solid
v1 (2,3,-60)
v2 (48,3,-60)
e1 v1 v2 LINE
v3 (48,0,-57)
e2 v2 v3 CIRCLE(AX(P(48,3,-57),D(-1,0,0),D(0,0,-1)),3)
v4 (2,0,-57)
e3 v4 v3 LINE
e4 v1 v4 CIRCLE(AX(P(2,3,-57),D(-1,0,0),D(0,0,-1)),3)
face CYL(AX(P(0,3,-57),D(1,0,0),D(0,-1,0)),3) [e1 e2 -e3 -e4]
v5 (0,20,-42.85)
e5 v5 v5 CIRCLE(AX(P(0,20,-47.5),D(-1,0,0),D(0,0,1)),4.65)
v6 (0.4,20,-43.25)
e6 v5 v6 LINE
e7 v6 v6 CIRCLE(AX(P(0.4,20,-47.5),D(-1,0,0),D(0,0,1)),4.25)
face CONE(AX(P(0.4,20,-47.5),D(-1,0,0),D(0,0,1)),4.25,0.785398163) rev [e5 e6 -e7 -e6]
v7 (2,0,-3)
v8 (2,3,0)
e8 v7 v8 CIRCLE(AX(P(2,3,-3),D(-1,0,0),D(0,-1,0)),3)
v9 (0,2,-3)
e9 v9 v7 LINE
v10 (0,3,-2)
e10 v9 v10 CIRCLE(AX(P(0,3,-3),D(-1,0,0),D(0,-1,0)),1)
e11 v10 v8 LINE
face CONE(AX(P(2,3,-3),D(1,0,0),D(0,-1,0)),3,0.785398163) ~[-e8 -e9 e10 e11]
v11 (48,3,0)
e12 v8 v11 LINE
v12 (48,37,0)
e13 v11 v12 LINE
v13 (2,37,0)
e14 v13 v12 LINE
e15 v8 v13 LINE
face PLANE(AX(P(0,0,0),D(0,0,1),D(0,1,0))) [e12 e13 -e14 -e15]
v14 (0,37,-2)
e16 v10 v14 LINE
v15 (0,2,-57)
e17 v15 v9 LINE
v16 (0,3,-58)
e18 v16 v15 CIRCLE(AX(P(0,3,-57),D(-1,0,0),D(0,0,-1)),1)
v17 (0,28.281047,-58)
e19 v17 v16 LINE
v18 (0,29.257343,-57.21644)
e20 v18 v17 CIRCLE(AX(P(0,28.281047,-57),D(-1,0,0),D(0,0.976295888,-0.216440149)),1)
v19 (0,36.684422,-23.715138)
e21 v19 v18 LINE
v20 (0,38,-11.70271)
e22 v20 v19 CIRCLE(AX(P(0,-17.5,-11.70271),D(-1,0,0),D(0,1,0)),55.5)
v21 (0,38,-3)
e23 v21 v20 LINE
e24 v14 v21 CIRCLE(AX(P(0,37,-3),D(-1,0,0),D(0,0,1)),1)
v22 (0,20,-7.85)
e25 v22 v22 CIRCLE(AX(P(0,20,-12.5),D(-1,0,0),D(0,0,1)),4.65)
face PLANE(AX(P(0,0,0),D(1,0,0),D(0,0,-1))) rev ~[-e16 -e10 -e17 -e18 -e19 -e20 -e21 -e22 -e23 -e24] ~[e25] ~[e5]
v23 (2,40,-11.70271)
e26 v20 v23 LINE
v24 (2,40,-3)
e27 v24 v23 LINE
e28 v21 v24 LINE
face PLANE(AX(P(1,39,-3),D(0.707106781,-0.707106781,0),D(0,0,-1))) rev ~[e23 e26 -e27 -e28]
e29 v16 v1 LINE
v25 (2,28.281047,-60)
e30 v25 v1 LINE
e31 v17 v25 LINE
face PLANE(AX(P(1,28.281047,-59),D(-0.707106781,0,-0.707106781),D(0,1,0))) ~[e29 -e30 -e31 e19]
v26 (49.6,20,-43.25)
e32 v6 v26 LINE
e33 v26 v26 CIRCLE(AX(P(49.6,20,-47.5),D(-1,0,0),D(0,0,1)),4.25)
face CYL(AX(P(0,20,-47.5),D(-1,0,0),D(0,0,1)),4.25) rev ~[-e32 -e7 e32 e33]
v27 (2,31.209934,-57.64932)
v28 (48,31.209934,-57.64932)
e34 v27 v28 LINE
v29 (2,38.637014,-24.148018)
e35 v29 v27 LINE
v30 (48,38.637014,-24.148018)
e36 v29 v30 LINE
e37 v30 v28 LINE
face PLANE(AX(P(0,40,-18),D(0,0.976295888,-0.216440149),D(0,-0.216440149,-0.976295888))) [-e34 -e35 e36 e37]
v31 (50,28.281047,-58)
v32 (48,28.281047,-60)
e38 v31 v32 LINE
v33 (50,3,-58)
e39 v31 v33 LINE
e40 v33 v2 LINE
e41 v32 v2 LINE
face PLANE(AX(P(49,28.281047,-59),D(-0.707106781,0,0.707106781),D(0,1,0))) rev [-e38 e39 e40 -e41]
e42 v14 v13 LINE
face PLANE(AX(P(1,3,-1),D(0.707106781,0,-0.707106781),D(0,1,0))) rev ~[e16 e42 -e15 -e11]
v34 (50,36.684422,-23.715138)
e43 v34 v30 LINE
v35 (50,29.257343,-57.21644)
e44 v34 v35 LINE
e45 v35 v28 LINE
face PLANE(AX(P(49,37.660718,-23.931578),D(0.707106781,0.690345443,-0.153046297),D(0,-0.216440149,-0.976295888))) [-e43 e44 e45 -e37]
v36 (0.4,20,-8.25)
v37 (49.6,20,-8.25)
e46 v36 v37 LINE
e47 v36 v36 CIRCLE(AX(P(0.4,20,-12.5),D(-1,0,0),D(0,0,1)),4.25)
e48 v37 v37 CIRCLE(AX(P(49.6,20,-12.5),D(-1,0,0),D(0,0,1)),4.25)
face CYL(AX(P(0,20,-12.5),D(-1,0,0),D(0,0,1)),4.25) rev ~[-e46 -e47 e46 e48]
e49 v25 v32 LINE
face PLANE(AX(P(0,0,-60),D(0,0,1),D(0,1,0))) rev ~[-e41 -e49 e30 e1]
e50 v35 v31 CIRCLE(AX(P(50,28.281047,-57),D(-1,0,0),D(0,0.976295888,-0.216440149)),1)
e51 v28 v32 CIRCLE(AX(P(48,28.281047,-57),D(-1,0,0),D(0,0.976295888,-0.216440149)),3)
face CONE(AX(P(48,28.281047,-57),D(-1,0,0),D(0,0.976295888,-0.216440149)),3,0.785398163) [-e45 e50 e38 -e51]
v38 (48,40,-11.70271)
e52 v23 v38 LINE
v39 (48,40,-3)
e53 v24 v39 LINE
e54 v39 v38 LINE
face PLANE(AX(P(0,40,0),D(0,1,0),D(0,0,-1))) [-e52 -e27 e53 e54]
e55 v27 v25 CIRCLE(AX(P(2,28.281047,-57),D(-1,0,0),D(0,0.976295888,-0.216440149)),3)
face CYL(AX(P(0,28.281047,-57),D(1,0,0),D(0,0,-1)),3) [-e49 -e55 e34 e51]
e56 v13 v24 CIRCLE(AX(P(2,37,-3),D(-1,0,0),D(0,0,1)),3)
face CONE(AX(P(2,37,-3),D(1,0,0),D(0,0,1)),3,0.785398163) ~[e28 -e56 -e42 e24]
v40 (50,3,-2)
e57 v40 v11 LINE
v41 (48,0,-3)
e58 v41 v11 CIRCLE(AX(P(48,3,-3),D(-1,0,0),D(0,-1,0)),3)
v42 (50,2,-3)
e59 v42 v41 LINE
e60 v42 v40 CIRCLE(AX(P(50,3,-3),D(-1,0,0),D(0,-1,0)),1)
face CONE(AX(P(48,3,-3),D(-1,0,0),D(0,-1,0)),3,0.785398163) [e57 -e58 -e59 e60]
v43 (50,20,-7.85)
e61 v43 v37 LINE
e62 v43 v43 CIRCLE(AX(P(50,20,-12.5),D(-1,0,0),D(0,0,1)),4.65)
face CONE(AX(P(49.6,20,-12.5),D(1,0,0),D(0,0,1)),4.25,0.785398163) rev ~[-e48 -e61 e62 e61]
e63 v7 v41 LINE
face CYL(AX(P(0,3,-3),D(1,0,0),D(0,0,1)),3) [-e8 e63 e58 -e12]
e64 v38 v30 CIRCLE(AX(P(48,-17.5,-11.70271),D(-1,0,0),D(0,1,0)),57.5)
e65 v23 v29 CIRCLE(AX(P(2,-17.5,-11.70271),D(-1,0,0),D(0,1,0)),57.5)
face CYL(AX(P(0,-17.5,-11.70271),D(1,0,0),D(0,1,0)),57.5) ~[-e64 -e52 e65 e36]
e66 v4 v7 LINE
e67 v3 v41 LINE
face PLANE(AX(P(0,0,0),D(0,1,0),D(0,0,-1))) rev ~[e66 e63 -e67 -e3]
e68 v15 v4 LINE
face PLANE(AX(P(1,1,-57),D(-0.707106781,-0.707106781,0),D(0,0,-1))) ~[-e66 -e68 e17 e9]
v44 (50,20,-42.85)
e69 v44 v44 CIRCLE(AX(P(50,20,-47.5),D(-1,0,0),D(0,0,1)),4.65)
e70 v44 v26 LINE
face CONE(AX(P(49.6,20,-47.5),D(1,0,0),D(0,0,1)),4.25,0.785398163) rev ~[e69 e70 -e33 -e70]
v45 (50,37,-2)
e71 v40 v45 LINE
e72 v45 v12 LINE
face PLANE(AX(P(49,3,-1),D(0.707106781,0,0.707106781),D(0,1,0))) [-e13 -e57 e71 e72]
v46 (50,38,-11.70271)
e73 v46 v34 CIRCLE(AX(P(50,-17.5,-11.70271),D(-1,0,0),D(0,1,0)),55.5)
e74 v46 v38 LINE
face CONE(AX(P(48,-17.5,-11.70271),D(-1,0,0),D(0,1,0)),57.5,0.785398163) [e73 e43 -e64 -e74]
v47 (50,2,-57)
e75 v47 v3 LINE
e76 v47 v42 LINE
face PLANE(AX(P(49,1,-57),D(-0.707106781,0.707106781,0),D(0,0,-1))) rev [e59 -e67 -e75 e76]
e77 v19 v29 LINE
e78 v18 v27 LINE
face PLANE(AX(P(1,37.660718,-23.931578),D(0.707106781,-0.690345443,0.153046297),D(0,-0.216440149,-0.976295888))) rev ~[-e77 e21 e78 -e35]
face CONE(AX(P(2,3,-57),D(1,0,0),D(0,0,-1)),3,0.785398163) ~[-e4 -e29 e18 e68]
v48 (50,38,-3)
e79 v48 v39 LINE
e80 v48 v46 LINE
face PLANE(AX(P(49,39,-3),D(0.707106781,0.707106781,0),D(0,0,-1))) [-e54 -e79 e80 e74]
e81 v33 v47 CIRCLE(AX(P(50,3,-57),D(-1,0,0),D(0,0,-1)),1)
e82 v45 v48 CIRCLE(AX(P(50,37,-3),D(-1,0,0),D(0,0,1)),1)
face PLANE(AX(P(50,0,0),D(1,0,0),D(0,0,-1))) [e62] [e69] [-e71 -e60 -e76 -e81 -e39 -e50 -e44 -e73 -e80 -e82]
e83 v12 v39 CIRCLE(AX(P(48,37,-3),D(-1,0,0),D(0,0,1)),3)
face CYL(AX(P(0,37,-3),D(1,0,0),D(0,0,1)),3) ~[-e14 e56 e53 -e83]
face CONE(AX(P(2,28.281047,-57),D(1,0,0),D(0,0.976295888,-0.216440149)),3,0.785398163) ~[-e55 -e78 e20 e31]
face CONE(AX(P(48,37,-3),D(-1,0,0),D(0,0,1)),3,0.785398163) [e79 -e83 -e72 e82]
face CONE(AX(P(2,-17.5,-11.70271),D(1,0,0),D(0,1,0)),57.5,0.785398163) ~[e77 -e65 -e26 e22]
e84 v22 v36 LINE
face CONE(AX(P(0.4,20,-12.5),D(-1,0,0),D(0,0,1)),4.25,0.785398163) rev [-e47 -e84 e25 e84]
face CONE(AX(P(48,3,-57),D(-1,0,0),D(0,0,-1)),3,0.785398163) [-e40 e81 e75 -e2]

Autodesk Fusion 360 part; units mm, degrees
sketch "Sketch1" plane through (0, 0, 0) normal (1, 0, 0) x (0, 0, -1)
  line L0 (0, 0) -> (0, 40)
  line L1 (0, 40) -> (18, 40)
  line L2 (18, 40) -> (60, 30.6888)
  line L3 (0, 0) -> (60, 0)
  line L4 (60, 0) -> (60, 30.6888)
  dimension "d1" = 40
  dimension "d2" = 18
  dimension "d3" = 12.5
  dimension "d4" = 60
extrude "Extrude1" add sketch "Sketch1" along normal blind 50 makes body 1
sketch "Sketch2" plane through (0, 0, 0) normal (-1, 0, 0) x (0, 0, 1)
  line L0 (-60, 0) -> (0, 0)
  line L1 (0, 0) -> (0, 40)
  line L2 (0, 40) -> (-18, 40)
  line L3 (-18, 40) -> (-60, 30.6888)
  line L4 (-60, 30.6888) -> (-60, 0)
  circle A0 centre (-47.5, 20) radius 4.25
  line L5 (-60, 20) -> (0, 20) construction
  circle A1 centre (-12.5, 20) radius 4.25
  circle A2 centre (-47.5, 20) radius 7.25
  circle A3 centre (-12.5, 20) radius 7.25
  dimension "d9" = 8.5
  dimension "d12" = 12.5
  dimension "d13" = 12.5
  dimension "d14" = 14.5
  dimension "d15" = 20
extrude "Extrude2" cut sketch "Sketch2" against normal blind 63 contours A0 | A1 bodies 1
fillet "Fillet1" radius 57.5 1 edges at (25, 40, -18) on bodies 1
fillet "Fillet1" radius 3 4 edges at (25, 30.6888, -60) (25, 40, 0) (25, 0, 0) (25, 0, -60) on bodies 1
chamfer "Chamfer1" distance 0.4 angle 45 2 faces at (16.6667, 19.5768, -8.2711) (16.6667, 19.5768, -43.2711) on bodies 1
chamfer "Chamfer1" distance 2 angle 45 10 faces at (16.6667, 36.1613, -35.3151) (16.6667, 28.9517, -59.9241) (33.3333, 11.427, -60) (16.6667, 1.1455, -59.3582) (33.3333, 0, -21) (16.6667, 0.0034, -2.8573) (16.6667, 14.3333, 0) (16.6667, 38.3747, -0.3335) (16.6667, 40, -5.9009) (16.6667, 39.5782, -18.6549) on bodies 1
copy_body "Body->Comp1" bodies 1 removing the originals makes body 2 in component "bumper block"
component "bumper block" placed x (1, 0, 0) y (0, 1, 0) z (0, 0, 1) at (0, 0, 0)
